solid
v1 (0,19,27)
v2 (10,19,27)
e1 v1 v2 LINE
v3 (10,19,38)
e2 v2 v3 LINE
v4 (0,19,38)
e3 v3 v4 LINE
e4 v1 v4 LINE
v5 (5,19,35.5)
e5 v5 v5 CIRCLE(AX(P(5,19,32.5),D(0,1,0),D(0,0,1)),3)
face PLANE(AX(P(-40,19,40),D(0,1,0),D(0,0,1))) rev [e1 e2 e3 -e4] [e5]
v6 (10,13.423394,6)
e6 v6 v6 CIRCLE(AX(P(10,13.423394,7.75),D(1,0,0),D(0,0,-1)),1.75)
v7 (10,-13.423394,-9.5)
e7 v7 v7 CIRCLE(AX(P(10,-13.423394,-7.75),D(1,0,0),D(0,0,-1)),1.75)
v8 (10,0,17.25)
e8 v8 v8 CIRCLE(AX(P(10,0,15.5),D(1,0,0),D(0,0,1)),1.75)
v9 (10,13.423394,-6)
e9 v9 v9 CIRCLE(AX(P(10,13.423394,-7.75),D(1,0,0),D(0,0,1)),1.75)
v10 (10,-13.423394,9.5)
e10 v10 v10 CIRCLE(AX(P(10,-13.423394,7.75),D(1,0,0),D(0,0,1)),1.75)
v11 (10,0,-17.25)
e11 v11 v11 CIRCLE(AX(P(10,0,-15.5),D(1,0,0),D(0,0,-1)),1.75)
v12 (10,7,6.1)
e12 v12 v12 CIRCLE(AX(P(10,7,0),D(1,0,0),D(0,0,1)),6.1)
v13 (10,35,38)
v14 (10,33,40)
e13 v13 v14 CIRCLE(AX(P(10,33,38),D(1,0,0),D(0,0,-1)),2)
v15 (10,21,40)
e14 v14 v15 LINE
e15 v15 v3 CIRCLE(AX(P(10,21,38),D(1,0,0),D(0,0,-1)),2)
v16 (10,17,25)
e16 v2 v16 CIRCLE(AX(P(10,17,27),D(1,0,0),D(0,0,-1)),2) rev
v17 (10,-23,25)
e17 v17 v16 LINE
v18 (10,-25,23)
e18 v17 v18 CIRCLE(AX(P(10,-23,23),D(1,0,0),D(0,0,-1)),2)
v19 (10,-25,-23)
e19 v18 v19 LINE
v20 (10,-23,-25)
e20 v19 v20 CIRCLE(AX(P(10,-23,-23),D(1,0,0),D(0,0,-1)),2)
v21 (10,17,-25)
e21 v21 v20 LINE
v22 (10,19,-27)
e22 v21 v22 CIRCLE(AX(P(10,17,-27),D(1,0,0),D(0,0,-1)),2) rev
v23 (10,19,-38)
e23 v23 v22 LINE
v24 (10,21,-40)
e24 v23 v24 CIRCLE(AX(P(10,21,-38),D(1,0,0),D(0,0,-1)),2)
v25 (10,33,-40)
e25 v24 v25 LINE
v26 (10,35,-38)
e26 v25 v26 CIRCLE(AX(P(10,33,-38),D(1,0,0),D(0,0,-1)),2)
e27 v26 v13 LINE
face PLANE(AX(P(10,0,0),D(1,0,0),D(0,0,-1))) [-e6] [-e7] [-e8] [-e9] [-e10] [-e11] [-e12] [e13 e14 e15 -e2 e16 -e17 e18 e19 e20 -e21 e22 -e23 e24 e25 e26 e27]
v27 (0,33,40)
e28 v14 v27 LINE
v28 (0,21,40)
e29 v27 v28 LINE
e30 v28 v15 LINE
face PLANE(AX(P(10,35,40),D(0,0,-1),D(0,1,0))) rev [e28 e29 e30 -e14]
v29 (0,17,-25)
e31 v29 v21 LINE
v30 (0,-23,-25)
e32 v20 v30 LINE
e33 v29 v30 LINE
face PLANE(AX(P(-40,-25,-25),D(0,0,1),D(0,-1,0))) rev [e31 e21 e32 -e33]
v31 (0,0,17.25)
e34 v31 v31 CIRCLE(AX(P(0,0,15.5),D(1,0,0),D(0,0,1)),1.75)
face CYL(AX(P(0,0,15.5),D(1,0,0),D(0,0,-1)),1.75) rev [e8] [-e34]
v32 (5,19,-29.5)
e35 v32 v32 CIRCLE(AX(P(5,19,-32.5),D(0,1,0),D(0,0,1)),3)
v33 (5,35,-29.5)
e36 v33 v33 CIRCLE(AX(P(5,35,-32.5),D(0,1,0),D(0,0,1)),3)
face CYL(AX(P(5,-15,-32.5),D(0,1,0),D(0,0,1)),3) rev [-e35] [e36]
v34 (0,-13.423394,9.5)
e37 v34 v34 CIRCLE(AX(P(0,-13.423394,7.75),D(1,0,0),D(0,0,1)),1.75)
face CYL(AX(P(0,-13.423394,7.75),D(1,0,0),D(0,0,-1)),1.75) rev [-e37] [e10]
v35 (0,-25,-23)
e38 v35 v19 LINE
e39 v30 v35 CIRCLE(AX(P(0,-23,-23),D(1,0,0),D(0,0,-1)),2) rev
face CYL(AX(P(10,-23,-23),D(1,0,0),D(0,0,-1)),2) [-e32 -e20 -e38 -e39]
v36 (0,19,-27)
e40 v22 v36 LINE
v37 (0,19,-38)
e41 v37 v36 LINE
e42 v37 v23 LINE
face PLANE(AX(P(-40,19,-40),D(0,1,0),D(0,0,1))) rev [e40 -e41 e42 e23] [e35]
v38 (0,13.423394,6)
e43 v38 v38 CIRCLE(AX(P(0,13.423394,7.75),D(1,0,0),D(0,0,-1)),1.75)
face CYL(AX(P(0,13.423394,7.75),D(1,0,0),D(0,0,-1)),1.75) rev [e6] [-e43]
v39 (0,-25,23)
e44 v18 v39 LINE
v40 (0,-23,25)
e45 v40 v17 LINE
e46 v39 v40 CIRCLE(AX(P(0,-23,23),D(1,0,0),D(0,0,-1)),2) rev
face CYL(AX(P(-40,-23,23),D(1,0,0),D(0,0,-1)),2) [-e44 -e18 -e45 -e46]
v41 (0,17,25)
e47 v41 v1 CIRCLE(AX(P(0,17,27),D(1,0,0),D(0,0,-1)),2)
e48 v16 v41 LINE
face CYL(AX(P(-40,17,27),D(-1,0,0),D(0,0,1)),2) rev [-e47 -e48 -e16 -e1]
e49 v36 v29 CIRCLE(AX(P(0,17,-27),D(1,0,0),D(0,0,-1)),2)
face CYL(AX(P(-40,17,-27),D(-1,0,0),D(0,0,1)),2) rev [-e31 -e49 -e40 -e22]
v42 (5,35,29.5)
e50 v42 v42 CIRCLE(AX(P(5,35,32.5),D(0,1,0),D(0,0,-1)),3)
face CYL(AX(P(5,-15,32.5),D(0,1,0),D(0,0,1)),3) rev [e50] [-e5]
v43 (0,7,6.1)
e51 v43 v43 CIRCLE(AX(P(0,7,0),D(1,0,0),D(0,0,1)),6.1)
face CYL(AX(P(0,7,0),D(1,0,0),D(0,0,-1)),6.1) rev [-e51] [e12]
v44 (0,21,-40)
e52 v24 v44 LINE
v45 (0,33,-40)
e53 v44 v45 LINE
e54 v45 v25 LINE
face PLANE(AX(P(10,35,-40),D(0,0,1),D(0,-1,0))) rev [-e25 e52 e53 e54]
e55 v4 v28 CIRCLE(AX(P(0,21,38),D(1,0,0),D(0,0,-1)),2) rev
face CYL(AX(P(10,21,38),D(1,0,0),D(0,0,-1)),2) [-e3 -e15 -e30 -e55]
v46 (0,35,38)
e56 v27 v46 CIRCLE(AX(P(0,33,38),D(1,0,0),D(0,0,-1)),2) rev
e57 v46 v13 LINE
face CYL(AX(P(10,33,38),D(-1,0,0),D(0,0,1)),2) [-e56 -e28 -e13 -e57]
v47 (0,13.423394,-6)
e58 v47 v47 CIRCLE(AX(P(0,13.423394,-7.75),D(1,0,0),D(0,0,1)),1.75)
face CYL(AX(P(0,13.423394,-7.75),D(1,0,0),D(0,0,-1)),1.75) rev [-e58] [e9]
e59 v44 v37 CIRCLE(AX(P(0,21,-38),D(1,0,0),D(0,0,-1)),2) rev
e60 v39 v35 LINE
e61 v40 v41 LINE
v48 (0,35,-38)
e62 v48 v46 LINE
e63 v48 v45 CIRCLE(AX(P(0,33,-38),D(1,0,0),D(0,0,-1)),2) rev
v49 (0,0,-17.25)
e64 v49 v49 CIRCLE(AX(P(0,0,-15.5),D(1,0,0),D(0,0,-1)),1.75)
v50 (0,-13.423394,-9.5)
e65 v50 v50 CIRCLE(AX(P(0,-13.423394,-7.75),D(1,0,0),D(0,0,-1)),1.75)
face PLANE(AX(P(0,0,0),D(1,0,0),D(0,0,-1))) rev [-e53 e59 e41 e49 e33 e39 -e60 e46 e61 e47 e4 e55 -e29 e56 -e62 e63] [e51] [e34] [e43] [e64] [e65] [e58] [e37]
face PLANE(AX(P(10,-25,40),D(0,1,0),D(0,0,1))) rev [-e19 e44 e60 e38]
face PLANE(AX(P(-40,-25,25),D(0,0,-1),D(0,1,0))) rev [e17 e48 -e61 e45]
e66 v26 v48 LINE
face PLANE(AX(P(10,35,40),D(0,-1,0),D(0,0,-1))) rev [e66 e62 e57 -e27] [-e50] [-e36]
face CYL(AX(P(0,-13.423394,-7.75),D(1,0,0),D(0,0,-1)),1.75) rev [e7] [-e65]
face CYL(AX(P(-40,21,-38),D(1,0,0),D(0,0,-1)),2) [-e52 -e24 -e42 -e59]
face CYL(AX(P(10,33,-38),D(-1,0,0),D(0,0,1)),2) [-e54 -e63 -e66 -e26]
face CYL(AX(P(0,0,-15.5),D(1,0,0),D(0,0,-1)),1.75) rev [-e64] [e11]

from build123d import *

# Parameters (mm, degrees)
SKETCH1_W           = 80
SKETCH1_H           = 60
BOSS_EXTRUDE1_DEPTH = 10
SKETCH2_R           = 6.1
CUT_EXTRUDE1_DEPTH  = 55.083269132
SKETCH3_R           = 1.75
CUT_EXTRUDE3_DEPTH  = 55.083269132
SKETCH4_W           = 15
SKETCH4_H           = 44
CUT_EXTRUDE4_DEPTH  = 50
SKETCH5_R           = 3
CUT_EXTRUDE5_DEPTH  = 50
FILLET1_R           = 2


with BuildPart() as part:
    # Sketch1 → Boss-Extrude1 (new body)
    with BuildSketch(Plane(origin=(0, 0, 0), x_dir=(0, 0, -1), z_dir=(1, 0, 0))):
        with Locations((0, 5)):
            Rectangle(SKETCH1_W, SKETCH1_H)
    extrude(amount=BOSS_EXTRUDE1_DEPTH)

    # Sketch2 → Cut-Extrude1 (cut, through all)
    with BuildSketch(Plane(origin=(10, 0, 0), x_dir=(0, 0, -1), z_dir=(1, 0, 0))):
        with Locations(Location((0, 7, 0), (0, 0, 180))):
            Circle(SKETCH2_R)
    extrude(amount=-CUT_EXTRUDE1_DEPTH, mode=Mode.SUBTRACT)

    # Sketch3 → Cut-Extrude3 (cut, through all)
    with BuildSketch(Plane(origin=(10, 0, 0), x_dir=(0, 0, -1), z_dir=(1, 0, 0))):
        with Locations((7.75, -13.423393759)):
            Circle(SKETCH3_R)
        with Locations(Location((-7.75, -13.423393759, 0), (0, 0, 180))):
            Circle(SKETCH3_R)
        with Locations((-7.75, 13.423393759)):
            Circle(SKETCH3_R)
        with Locations(Location((7.75, 13.423393759, 0), (0, 0, 180))):
            Circle(SKETCH3_R)
        with Locations((15.5, 0)):
            Circle(SKETCH3_R)
        with Locations(Location((-15.5, 0, 0), (0, 0, 180))):
            Circle(SKETCH3_R)
    extrude(amount=-CUT_EXTRUDE3_DEPTH, mode=Mode.SUBTRACT)

    # Sketch4 → Cut-Extrude4 (cut)
    with BuildSketch(Plane(origin=(10, 0, 0), x_dir=(0, 0, -1), z_dir=(1, 0, 0))):
        with Locations((-32.5, -3)):
            Rectangle(SKETCH4_W, SKETCH4_H)
        with Locations((32.5, -3)):
            Rectangle(SKETCH4_W, SKETCH4_H)
    extrude(amount=-CUT_EXTRUDE4_DEPTH, mode=Mode.SUBTRACT)

    # Sketch5 → Cut-Extrude5 (cut)
    with BuildSketch(Plane(origin=(0, 35, 0), x_dir=(1, 0, 0), z_dir=(0, 1, 0))):
        with Locations(Location((5, 32.5, 0), (0, 0, 270))):
            Circle(SKETCH5_R)
        with Locations(Location((5, -32.5, 0), (0, 0, 270))):
            Circle(SKETCH5_R)
    extrude(amount=-CUT_EXTRUDE5_DEPTH, mode=Mode.SUBTRACT)

    # Fillet1
    fillet1_edges = [part.edges().sort_by_distance(p)[0] for p in [
        (5, 19, 40),
        (5, 19, 25),
        (5, -25, 25),
        (5, -25, -25),
        (5, 19, -25),
        (5, 19, -40),
        (5, 35, 40),
        (5, 35, -40),
    ]]
    fillet(fillet1_edges, radius=FILLET1_R)


solid = part.part
